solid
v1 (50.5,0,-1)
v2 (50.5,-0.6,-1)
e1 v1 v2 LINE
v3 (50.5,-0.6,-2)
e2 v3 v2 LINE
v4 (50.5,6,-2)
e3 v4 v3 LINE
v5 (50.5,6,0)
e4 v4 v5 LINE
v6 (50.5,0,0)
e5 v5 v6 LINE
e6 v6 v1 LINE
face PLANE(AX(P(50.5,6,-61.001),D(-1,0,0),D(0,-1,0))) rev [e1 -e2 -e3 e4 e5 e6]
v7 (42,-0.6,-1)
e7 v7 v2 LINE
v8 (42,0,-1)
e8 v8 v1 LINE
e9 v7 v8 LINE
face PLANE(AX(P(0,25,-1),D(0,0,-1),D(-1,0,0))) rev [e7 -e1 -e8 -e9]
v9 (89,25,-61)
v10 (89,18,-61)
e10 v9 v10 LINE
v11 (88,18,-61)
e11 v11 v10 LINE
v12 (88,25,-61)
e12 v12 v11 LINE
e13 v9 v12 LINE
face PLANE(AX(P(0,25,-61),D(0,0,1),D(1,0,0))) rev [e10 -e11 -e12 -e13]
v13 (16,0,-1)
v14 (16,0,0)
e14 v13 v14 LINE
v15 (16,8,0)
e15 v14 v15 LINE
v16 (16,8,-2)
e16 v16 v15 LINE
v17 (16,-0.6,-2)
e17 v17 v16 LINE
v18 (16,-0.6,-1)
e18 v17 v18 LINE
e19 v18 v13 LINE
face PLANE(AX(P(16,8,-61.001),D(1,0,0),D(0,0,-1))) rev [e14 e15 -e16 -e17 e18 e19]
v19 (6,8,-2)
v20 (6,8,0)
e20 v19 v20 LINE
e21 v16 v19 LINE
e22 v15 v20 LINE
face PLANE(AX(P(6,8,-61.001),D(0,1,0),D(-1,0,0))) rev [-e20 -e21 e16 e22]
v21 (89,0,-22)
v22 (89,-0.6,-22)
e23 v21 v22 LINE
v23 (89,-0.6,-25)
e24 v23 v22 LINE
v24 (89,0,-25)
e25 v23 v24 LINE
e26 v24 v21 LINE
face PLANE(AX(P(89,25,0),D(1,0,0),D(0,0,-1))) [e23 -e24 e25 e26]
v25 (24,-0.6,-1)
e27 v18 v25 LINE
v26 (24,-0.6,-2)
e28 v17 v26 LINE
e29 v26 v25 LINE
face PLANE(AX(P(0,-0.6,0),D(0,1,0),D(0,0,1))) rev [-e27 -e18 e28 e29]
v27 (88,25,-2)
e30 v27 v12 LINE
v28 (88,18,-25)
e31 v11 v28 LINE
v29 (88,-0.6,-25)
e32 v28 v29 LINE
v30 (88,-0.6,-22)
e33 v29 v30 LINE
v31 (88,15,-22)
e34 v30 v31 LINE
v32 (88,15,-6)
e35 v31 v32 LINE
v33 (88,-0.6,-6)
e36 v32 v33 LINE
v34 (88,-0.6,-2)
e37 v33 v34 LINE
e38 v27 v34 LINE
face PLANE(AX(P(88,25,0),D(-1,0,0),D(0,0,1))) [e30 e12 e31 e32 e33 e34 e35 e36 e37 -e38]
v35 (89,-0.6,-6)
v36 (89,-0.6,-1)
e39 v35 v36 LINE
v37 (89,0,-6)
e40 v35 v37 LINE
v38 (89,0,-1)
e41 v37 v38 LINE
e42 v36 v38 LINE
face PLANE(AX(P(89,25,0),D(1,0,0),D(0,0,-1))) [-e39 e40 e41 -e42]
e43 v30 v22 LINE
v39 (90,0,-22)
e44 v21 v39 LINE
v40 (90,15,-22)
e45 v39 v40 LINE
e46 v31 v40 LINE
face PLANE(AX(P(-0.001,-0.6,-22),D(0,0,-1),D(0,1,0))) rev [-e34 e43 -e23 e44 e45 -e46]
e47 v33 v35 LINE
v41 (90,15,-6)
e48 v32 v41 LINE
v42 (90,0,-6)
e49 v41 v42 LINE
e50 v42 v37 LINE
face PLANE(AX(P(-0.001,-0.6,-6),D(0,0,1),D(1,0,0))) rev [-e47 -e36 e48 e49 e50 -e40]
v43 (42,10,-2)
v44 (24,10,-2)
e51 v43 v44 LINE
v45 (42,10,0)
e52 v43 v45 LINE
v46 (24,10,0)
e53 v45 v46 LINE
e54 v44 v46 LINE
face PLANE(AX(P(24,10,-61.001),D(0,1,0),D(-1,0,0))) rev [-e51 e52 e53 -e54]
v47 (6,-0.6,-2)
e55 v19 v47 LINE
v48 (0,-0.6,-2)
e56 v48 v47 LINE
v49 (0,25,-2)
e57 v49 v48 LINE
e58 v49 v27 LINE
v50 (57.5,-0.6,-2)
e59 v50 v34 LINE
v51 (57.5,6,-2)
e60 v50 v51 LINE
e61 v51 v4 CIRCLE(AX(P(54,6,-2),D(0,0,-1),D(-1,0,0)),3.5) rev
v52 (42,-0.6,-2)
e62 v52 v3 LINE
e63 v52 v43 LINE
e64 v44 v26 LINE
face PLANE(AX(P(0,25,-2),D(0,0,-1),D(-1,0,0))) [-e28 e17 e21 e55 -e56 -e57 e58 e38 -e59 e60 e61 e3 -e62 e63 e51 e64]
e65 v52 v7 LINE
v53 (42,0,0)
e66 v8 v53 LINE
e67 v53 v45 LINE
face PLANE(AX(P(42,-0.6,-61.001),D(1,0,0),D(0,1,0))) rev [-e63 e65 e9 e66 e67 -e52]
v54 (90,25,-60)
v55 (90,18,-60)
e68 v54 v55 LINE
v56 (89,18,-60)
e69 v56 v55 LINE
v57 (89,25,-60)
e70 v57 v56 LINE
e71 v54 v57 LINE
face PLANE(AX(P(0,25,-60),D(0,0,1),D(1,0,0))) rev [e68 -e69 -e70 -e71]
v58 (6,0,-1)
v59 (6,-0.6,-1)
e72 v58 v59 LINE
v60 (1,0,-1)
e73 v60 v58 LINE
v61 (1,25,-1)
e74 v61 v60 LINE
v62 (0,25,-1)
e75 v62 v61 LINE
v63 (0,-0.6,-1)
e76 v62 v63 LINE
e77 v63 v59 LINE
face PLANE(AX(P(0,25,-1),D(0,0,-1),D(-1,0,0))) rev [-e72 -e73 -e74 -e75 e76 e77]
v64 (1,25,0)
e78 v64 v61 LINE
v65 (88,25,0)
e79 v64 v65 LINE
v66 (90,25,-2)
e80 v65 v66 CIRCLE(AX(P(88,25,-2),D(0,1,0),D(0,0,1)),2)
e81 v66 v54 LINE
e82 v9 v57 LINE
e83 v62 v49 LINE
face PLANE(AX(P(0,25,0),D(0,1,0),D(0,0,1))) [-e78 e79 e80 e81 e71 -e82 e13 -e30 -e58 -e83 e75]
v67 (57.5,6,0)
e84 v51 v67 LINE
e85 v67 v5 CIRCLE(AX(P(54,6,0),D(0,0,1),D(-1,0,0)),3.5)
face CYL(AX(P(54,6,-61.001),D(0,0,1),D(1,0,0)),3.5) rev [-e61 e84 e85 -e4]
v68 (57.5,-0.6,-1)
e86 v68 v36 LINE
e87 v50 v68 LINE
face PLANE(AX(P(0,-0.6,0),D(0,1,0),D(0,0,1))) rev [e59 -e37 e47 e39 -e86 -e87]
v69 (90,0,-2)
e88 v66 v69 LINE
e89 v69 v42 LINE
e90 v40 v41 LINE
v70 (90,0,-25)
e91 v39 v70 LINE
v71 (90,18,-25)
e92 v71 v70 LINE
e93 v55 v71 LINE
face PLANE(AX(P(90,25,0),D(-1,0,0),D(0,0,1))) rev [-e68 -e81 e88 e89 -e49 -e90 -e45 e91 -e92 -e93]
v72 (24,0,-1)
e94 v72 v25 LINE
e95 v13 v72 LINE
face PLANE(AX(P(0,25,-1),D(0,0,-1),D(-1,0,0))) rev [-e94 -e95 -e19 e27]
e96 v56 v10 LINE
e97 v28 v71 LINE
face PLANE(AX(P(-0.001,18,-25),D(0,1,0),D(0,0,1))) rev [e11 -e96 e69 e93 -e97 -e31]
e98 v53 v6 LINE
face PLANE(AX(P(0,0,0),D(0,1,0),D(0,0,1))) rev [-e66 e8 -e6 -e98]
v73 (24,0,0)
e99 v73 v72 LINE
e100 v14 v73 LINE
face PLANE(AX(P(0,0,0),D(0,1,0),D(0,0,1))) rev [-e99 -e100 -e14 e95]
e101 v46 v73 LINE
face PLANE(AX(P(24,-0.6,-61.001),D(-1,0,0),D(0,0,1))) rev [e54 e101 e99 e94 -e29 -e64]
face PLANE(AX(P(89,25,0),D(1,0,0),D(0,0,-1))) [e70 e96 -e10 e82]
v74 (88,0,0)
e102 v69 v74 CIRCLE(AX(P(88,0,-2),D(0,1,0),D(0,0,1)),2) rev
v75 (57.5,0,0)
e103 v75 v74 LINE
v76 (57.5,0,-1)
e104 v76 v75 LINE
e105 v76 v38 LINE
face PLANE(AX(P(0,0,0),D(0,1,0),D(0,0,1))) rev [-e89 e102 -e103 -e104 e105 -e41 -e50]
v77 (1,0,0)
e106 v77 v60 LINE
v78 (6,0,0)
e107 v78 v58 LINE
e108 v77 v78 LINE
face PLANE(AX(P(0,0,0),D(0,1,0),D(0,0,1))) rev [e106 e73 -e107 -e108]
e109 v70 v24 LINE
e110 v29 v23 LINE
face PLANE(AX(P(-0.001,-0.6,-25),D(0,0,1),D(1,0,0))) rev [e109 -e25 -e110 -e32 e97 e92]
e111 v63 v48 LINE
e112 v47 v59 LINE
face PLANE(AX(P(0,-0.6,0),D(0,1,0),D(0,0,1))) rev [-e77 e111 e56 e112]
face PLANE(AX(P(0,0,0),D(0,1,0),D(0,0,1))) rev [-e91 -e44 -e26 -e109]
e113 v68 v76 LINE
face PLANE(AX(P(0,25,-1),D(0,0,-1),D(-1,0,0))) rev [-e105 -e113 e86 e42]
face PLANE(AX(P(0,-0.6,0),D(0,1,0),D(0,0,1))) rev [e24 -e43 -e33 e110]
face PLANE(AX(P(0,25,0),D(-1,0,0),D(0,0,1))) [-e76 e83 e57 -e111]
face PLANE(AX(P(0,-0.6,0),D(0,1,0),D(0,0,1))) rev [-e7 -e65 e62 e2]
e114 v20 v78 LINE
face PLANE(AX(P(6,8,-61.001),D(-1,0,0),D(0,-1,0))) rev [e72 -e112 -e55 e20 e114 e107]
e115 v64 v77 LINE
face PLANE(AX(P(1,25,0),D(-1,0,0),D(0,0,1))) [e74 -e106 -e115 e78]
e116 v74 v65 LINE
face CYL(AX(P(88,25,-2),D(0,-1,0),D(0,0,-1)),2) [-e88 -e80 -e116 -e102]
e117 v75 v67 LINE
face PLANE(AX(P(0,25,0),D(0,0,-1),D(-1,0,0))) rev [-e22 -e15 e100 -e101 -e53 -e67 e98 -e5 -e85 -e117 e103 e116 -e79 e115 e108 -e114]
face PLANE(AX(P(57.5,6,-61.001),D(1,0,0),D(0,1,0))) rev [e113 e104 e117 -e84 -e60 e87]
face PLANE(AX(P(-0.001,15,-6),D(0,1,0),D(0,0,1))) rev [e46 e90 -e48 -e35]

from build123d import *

# Parameters (mm, degrees)
P_IDAT_VYSUNUT_M1_DEPTH  = 25
SKICA2_W                 = 88
SKICA2_H                 = 1
P_IDAT_VYSUNUT_M2_DEPTH  = 0.6
ODEBRAT_VYSUNUT_M1_REACH = 63
SKICA5_W                 = 10
SKICA5_H                 = 8.6
SKICA5_W_2               = 18
SKICA5_H_2               = 10.6
ODEBRAT_VYSUNUT_M2_REACH = 92
SKICA6_W                 = 16
SKICA6_H                 = 15.6
SKICA6_W_2               = 19
SKICA6_H_2               = 18.6
FILLET1_R                = 2
CUT_EXTRUDE2_REACH       = 92
SKETCH2_W                = 1
SKETCH2_H                = 18.6


with BuildPart() as part:
    # Skica1 → Přidat vysunutím1 (new body)
    with BuildSketch(Plane(origin=(0, 0, 0), x_dir=(1, 0, 0), z_dir=(0, 1, 0))):
        Polygon((88, 2), (90, 2), (90, 60), (89, 60), (89, 61), (88, 61), align=None)
        Polygon((1, 1), (1, 0), (90, 0), (90, 2), (88, 2), (0, 2), (0, 1), align=None)
    extrude(amount=P_IDAT_VYSUNUT_M1_DEPTH)

    # Skica2 → Přidat vysunutím2 (add)
    with BuildSketch(Plane.XZ):
        with Locations((44, -1.5)):
            Rectangle(SKICA2_W, SKICA2_H)
        Polygon((89, -1), (88, -1), (88, -2), (88, -61), (89, -61), align=None)
    extrude(amount=P_IDAT_VYSUNUT_M2_DEPTH)

    # Skica5 → Odebrat vysunutím1 (cut, up to next)
    with BuildSketch(Plane.XY, mode=Mode.PRIVATE) as odebrat_vysunut_m1_sk1:
        with Locations((11, 3.7)):
            Rectangle(SKICA5_W, SKICA5_H)
    odebrat_vysunut_m1_tool1 = extrude(odebrat_vysunut_m1_sk1.sketch, amount=-ODEBRAT_VYSUNUT_M1_REACH, mode=Mode.PRIVATE) & part.part
    add(odebrat_vysunut_m1_tool1.solids().sort_by_distance((11, 3.7, 0))[0], mode=Mode.SUBTRACT)
    # Skica5 → Odebrat vysunutím1 (cut, up to next)
    with BuildSketch(Plane.XY, mode=Mode.PRIVATE) as odebrat_vysunut_m1_sk2:
        with Locations((33, 4.7)):
            Rectangle(SKICA5_W_2, SKICA5_H_2)
    odebrat_vysunut_m1_tool2 = extrude(odebrat_vysunut_m1_sk2.sketch, amount=-ODEBRAT_VYSUNUT_M1_REACH, mode=Mode.PRIVATE) & part.part
    add(odebrat_vysunut_m1_tool2.solids().sort_by_distance((33, 4.7, 0))[0], mode=Mode.SUBTRACT)
    # Skica5 → Odebrat vysunutím1 (cut, up to next)
    with BuildSketch(Plane.XY, mode=Mode.PRIVATE) as odebrat_vysunut_m1_sk3:
        with BuildLine():
            Line((50.5, 6), (50.5, -0.6))
            Line((50.5, -0.6), (57.5, -0.6))
            Line((57.5, -0.6), (57.5, 6))
            ThreePointArc((57.5, 6), (54, 9.5), (50.5, 6))
        make_face()
    odebrat_vysunut_m1_tool3 = extrude(odebrat_vysunut_m1_sk3.sketch, amount=-ODEBRAT_VYSUNUT_M1_REACH, mode=Mode.PRIVATE) & part.part
    add(odebrat_vysunut_m1_tool3.solids().sort_by_distance((54, 4.107084, 0))[0], mode=Mode.SUBTRACT)

    # Skica6 → Odebrat vysunutím2 (cut, up to next)
    with BuildSketch(Plane(origin=(90, 0, 0), x_dir=(0, 0, -1), z_dir=(1, 0, 0)), mode=Mode.PRIVATE) as odebrat_vysunut_m2_sk1:
        with Locations((14, 7.2)):
            Rectangle(SKICA6_W, SKICA6_H)
    odebrat_vysunut_m2_tool1 = extrude(odebrat_vysunut_m2_sk1.sketch, amount=-ODEBRAT_VYSUNUT_M2_REACH, mode=Mode.PRIVATE) & part.part
    add(odebrat_vysunut_m2_tool1.solids().sort_by_distance((90, 7.2, -14))[0], mode=Mode.SUBTRACT)
    # Skica6 → Odebrat vysunutím2 (cut, up to next)
    with BuildSketch(Plane(origin=(90, 0, 0), x_dir=(0, 0, -1), z_dir=(1, 0, 0)), mode=Mode.PRIVATE) as odebrat_vysunut_m2_sk2:
        with Locations((51.5, 8.7)):
            Rectangle(SKICA6_W_2, SKICA6_H_2)
    odebrat_vysunut_m2_tool2 = extrude(odebrat_vysunut_m2_sk2.sketch, amount=-ODEBRAT_VYSUNUT_M2_REACH, mode=Mode.PRIVATE) & part.part
    add(odebrat_vysunut_m2_tool2.solids().sort_by_distance((90, 8.7, -51.5))[0], mode=Mode.SUBTRACT)
    # Skica6 → Odebrat vysunutím2 (cut, up to next)
    with BuildSketch(Plane(origin=(90, 0, 0), x_dir=(0, 0, -1), z_dir=(1, 0, 0)), mode=Mode.PRIVATE) as odebrat_vysunut_m2_sk3:
        with Locations((33, 8.7)):
            Rectangle(SKICA6_W, SKICA6_H_2)
    odebrat_vysunut_m2_tool3 = extrude(odebrat_vysunut_m2_sk3.sketch, amount=-ODEBRAT_VYSUNUT_M2_REACH, mode=Mode.PRIVATE) & part.part
    add(odebrat_vysunut_m2_tool3.solids().sort_by_distance((90, 8.7, -33))[0], mode=Mode.SUBTRACT)

    # Fillet1
    fillet1_edges = [part.edges().sort_by_distance(p)[0] for p in [
        (90, 12.5, 0),
    ]]
    fillet(fillet1_edges, radius=FILLET1_R)

    # Sketch2 → Cut-Extrude2 (cut, up to next)
    with BuildSketch(Plane(origin=(90, 0, 0), x_dir=(0, 0, -1), z_dir=(1, 0, 0)), mode=Mode.PRIVATE) as cut_extrude2_sk1:
        with Locations((41.5, 8.7)):
            Rectangle(SKETCH2_W, SKETCH2_H)
    cut_extrude2_tool1 = extrude(cut_extrude2_sk1.sketch, amount=-CUT_EXTRUDE2_REACH, mode=Mode.PRIVATE) & part.part
    add(cut_extrude2_tool1.solids().sort_by_distance((90, 8.7, -41.5))[0], mode=Mode.SUBTRACT)


solid = part.part
